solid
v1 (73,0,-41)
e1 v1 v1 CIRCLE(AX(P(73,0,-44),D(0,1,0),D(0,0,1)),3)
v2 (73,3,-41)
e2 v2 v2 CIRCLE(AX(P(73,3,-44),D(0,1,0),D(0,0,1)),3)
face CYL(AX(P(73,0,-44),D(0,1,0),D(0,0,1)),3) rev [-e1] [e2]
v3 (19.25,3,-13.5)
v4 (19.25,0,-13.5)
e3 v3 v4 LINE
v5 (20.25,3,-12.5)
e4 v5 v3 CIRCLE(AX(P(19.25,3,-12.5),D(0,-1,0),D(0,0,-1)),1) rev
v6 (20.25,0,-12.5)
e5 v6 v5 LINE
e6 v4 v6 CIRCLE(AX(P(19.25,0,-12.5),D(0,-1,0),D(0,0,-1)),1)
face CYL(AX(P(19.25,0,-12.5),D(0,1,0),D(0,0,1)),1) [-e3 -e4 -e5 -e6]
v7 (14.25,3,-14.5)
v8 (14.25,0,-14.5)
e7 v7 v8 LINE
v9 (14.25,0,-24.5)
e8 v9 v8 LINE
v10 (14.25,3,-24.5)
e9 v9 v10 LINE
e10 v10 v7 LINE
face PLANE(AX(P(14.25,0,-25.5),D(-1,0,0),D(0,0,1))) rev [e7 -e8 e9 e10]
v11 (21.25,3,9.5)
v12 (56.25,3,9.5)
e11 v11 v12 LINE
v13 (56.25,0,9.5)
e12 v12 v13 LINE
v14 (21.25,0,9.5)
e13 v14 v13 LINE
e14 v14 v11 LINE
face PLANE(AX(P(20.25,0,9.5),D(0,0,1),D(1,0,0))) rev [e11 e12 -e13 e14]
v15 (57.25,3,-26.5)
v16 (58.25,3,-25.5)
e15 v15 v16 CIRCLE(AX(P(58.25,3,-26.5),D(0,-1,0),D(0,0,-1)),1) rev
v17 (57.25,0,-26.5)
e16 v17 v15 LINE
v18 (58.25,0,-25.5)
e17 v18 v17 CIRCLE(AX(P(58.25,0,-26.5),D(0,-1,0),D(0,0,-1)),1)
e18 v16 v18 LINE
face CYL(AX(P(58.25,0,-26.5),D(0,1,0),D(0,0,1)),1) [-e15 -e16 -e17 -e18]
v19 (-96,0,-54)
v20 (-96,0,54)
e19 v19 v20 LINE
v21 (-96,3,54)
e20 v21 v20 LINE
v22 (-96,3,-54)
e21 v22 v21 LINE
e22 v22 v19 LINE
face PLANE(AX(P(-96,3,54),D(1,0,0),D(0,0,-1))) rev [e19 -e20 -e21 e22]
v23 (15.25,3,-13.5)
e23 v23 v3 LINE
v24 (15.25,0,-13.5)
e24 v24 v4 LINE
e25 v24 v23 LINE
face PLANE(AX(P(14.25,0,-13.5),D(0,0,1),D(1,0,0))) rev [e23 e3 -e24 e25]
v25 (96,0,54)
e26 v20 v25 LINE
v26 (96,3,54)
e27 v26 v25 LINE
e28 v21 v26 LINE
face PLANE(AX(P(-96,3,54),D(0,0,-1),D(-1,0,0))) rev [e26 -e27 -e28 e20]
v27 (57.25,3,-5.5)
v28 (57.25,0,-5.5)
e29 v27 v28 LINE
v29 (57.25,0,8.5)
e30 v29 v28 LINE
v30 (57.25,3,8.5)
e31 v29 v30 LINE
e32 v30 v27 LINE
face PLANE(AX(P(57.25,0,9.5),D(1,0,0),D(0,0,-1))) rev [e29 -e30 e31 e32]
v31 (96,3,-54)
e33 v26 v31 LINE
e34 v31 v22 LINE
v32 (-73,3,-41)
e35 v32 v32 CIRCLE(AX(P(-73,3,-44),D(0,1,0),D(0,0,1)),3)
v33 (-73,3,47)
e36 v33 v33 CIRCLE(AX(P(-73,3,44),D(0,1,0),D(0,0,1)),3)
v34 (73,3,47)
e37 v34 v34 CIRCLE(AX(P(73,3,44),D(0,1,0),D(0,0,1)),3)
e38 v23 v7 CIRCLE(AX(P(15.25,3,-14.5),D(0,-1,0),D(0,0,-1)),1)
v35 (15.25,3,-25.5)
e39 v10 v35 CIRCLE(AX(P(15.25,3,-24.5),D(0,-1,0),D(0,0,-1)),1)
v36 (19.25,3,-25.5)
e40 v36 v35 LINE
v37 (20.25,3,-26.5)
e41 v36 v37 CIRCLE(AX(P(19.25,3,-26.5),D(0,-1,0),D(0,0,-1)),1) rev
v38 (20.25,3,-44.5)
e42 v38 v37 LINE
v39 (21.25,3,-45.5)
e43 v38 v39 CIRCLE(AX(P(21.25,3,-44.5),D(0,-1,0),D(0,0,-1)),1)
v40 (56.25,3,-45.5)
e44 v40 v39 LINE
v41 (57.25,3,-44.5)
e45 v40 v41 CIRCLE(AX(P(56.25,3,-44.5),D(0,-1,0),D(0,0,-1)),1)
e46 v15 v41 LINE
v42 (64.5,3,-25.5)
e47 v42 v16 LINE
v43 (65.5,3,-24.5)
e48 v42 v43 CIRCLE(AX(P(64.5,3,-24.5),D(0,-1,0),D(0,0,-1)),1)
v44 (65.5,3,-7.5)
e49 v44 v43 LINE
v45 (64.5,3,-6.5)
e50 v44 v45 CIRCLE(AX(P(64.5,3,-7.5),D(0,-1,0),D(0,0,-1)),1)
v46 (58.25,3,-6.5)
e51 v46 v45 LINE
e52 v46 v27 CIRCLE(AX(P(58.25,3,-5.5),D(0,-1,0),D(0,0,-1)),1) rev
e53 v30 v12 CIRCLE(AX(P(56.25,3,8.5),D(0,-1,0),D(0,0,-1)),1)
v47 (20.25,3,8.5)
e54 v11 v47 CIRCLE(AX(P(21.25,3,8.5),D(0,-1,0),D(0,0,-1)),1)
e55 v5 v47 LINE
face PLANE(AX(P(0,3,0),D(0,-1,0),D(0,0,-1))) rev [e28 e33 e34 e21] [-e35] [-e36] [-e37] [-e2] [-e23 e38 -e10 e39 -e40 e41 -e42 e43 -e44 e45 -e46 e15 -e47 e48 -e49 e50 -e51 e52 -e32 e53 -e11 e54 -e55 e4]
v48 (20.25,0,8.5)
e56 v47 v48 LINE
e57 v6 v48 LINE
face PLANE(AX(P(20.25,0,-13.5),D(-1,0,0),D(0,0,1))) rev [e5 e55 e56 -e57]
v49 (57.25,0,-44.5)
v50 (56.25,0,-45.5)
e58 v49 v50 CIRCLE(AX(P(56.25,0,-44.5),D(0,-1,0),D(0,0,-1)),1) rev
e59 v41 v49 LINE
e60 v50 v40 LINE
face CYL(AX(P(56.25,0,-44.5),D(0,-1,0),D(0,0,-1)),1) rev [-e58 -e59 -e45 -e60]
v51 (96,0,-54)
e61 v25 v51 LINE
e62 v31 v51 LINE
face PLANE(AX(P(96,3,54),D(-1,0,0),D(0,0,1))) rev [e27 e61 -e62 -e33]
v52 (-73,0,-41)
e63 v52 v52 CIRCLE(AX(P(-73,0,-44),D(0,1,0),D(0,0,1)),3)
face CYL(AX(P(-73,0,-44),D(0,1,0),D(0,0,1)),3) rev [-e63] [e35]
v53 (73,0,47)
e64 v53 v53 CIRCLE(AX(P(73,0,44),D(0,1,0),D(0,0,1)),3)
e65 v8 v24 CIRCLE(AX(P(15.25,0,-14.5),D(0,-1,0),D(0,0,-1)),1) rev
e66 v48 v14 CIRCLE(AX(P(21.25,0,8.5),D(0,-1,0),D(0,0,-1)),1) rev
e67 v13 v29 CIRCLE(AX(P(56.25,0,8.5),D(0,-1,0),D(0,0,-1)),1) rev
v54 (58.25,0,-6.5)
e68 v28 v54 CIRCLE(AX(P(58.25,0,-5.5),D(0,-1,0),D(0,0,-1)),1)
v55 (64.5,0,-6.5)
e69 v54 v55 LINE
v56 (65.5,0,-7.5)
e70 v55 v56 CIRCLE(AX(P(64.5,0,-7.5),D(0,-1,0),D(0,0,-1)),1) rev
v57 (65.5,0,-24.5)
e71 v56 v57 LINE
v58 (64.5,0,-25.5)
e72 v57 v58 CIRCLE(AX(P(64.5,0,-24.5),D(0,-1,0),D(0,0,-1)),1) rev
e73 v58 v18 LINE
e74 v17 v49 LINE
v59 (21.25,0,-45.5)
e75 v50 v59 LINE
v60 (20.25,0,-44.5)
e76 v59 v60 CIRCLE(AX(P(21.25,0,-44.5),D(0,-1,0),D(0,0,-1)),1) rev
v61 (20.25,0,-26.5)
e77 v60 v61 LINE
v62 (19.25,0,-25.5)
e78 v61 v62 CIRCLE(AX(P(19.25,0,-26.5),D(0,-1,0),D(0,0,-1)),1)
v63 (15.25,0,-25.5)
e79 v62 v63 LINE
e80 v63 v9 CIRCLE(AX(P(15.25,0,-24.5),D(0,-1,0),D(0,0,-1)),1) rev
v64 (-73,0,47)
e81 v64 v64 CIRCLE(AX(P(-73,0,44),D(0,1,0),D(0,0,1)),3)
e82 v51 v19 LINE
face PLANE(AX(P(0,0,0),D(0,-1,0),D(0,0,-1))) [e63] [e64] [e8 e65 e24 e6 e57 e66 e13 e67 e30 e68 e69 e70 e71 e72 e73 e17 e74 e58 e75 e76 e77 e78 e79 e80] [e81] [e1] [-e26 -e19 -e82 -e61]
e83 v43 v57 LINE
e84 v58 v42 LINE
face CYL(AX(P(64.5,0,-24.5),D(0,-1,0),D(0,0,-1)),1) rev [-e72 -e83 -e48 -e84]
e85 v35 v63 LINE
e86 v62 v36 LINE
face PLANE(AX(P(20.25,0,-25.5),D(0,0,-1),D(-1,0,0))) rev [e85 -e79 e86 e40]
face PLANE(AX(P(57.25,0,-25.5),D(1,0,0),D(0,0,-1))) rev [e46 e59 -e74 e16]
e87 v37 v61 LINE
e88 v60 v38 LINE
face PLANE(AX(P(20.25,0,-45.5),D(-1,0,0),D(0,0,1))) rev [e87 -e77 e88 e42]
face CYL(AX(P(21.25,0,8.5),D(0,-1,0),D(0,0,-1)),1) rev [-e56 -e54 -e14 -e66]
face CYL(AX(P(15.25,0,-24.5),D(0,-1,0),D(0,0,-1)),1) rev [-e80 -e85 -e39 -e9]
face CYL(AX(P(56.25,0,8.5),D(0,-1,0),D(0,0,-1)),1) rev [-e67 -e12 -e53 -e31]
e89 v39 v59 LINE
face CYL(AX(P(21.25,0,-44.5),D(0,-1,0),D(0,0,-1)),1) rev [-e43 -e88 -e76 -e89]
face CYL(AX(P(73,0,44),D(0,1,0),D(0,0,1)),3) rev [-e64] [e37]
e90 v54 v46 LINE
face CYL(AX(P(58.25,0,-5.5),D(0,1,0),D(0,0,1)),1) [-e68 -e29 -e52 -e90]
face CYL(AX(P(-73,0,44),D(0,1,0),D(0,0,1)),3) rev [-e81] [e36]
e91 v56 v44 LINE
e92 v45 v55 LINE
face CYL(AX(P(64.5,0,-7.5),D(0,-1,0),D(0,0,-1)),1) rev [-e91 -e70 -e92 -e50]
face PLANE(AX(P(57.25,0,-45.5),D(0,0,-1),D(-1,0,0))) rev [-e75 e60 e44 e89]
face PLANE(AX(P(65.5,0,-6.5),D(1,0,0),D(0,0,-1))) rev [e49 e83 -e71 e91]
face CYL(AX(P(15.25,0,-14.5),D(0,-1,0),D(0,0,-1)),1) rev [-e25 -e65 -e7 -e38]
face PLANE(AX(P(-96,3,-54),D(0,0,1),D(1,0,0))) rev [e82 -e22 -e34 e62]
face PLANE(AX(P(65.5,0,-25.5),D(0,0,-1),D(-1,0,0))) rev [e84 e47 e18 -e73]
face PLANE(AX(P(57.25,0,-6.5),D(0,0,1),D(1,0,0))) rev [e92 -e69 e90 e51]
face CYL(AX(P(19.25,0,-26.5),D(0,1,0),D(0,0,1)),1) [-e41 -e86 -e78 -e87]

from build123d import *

# Parameters (mm, degrees)
SKETCH_1_W          = 192
SKETCH_1_H          = 108
EXTRUDE_1_DEPTH     = 3
SKETCH_2_R          = 3
CUT_EXTRUDE_1_DEPTH = 4
FILLET_1_R          = 1


with BuildPart() as part:
    # Эскиз1 → Бобышка-Вытянуть1 (new body)
    with BuildSketch(Plane(origin=(0, 0, 0), x_dir=(1, 0, 0), z_dir=(0, 1, 0))):
        Rectangle(SKETCH_1_W, SKETCH_1_H)
    extrude(amount=EXTRUDE_1_DEPTH)

    # Эскиз2 → Вырез-Вытянуть1 (cut, through all)
    with BuildSketch(Plane(origin=(0, 3, 0), x_dir=(1, 0, 0), z_dir=(0, 1, 0))):
        with Locations((-73, 44)):
            Circle(SKETCH_2_R)
        with Locations((73, 44)):
            Circle(SKETCH_2_R)
        with Locations((-73, -44)):
            Circle(SKETCH_2_R)
        with Locations((73, -44)):
            Circle(SKETCH_2_R)
        Polygon((20.25, 45.5), (20.25, 25.5), (14.25, 25.5), (14.25, 13.5), (20.25, 13.5), (20.25, -9.5), (57.25, -9.5), (57.25, 6.5), (65.5, 6.5), (65.5, 25.5), (57.25, 25.5), (57.25, 45.5), align=None)
    extrude(amount=-CUT_EXTRUDE_1_DEPTH, mode=Mode.SUBTRACT)

    # Скругление1
    fillet_1_edges = [part.edges().sort_by_distance(p)[0] for p in [
        (20.25, 1.5, -45.5),
        (57.25, 1.5, -45.5),
        (57.25, 1.5, -25.5),
        (65.5, 1.5, -25.5),
        (65.5, 1.5, -6.5),
        (57.25, 1.5, -6.5),
        (57.25, 1.5, 9.5),
        (20.25, 1.5, 9.5),
        (20.25, 1.5, -13.5),
        (14.25, 1.5, -13.5),
        (14.25, 1.5, -25.5),
        (20.25, 1.5, -25.5),
    ]]
    fillet(fillet_1_edges, radius=FILLET_1_R)


solid = part.part
